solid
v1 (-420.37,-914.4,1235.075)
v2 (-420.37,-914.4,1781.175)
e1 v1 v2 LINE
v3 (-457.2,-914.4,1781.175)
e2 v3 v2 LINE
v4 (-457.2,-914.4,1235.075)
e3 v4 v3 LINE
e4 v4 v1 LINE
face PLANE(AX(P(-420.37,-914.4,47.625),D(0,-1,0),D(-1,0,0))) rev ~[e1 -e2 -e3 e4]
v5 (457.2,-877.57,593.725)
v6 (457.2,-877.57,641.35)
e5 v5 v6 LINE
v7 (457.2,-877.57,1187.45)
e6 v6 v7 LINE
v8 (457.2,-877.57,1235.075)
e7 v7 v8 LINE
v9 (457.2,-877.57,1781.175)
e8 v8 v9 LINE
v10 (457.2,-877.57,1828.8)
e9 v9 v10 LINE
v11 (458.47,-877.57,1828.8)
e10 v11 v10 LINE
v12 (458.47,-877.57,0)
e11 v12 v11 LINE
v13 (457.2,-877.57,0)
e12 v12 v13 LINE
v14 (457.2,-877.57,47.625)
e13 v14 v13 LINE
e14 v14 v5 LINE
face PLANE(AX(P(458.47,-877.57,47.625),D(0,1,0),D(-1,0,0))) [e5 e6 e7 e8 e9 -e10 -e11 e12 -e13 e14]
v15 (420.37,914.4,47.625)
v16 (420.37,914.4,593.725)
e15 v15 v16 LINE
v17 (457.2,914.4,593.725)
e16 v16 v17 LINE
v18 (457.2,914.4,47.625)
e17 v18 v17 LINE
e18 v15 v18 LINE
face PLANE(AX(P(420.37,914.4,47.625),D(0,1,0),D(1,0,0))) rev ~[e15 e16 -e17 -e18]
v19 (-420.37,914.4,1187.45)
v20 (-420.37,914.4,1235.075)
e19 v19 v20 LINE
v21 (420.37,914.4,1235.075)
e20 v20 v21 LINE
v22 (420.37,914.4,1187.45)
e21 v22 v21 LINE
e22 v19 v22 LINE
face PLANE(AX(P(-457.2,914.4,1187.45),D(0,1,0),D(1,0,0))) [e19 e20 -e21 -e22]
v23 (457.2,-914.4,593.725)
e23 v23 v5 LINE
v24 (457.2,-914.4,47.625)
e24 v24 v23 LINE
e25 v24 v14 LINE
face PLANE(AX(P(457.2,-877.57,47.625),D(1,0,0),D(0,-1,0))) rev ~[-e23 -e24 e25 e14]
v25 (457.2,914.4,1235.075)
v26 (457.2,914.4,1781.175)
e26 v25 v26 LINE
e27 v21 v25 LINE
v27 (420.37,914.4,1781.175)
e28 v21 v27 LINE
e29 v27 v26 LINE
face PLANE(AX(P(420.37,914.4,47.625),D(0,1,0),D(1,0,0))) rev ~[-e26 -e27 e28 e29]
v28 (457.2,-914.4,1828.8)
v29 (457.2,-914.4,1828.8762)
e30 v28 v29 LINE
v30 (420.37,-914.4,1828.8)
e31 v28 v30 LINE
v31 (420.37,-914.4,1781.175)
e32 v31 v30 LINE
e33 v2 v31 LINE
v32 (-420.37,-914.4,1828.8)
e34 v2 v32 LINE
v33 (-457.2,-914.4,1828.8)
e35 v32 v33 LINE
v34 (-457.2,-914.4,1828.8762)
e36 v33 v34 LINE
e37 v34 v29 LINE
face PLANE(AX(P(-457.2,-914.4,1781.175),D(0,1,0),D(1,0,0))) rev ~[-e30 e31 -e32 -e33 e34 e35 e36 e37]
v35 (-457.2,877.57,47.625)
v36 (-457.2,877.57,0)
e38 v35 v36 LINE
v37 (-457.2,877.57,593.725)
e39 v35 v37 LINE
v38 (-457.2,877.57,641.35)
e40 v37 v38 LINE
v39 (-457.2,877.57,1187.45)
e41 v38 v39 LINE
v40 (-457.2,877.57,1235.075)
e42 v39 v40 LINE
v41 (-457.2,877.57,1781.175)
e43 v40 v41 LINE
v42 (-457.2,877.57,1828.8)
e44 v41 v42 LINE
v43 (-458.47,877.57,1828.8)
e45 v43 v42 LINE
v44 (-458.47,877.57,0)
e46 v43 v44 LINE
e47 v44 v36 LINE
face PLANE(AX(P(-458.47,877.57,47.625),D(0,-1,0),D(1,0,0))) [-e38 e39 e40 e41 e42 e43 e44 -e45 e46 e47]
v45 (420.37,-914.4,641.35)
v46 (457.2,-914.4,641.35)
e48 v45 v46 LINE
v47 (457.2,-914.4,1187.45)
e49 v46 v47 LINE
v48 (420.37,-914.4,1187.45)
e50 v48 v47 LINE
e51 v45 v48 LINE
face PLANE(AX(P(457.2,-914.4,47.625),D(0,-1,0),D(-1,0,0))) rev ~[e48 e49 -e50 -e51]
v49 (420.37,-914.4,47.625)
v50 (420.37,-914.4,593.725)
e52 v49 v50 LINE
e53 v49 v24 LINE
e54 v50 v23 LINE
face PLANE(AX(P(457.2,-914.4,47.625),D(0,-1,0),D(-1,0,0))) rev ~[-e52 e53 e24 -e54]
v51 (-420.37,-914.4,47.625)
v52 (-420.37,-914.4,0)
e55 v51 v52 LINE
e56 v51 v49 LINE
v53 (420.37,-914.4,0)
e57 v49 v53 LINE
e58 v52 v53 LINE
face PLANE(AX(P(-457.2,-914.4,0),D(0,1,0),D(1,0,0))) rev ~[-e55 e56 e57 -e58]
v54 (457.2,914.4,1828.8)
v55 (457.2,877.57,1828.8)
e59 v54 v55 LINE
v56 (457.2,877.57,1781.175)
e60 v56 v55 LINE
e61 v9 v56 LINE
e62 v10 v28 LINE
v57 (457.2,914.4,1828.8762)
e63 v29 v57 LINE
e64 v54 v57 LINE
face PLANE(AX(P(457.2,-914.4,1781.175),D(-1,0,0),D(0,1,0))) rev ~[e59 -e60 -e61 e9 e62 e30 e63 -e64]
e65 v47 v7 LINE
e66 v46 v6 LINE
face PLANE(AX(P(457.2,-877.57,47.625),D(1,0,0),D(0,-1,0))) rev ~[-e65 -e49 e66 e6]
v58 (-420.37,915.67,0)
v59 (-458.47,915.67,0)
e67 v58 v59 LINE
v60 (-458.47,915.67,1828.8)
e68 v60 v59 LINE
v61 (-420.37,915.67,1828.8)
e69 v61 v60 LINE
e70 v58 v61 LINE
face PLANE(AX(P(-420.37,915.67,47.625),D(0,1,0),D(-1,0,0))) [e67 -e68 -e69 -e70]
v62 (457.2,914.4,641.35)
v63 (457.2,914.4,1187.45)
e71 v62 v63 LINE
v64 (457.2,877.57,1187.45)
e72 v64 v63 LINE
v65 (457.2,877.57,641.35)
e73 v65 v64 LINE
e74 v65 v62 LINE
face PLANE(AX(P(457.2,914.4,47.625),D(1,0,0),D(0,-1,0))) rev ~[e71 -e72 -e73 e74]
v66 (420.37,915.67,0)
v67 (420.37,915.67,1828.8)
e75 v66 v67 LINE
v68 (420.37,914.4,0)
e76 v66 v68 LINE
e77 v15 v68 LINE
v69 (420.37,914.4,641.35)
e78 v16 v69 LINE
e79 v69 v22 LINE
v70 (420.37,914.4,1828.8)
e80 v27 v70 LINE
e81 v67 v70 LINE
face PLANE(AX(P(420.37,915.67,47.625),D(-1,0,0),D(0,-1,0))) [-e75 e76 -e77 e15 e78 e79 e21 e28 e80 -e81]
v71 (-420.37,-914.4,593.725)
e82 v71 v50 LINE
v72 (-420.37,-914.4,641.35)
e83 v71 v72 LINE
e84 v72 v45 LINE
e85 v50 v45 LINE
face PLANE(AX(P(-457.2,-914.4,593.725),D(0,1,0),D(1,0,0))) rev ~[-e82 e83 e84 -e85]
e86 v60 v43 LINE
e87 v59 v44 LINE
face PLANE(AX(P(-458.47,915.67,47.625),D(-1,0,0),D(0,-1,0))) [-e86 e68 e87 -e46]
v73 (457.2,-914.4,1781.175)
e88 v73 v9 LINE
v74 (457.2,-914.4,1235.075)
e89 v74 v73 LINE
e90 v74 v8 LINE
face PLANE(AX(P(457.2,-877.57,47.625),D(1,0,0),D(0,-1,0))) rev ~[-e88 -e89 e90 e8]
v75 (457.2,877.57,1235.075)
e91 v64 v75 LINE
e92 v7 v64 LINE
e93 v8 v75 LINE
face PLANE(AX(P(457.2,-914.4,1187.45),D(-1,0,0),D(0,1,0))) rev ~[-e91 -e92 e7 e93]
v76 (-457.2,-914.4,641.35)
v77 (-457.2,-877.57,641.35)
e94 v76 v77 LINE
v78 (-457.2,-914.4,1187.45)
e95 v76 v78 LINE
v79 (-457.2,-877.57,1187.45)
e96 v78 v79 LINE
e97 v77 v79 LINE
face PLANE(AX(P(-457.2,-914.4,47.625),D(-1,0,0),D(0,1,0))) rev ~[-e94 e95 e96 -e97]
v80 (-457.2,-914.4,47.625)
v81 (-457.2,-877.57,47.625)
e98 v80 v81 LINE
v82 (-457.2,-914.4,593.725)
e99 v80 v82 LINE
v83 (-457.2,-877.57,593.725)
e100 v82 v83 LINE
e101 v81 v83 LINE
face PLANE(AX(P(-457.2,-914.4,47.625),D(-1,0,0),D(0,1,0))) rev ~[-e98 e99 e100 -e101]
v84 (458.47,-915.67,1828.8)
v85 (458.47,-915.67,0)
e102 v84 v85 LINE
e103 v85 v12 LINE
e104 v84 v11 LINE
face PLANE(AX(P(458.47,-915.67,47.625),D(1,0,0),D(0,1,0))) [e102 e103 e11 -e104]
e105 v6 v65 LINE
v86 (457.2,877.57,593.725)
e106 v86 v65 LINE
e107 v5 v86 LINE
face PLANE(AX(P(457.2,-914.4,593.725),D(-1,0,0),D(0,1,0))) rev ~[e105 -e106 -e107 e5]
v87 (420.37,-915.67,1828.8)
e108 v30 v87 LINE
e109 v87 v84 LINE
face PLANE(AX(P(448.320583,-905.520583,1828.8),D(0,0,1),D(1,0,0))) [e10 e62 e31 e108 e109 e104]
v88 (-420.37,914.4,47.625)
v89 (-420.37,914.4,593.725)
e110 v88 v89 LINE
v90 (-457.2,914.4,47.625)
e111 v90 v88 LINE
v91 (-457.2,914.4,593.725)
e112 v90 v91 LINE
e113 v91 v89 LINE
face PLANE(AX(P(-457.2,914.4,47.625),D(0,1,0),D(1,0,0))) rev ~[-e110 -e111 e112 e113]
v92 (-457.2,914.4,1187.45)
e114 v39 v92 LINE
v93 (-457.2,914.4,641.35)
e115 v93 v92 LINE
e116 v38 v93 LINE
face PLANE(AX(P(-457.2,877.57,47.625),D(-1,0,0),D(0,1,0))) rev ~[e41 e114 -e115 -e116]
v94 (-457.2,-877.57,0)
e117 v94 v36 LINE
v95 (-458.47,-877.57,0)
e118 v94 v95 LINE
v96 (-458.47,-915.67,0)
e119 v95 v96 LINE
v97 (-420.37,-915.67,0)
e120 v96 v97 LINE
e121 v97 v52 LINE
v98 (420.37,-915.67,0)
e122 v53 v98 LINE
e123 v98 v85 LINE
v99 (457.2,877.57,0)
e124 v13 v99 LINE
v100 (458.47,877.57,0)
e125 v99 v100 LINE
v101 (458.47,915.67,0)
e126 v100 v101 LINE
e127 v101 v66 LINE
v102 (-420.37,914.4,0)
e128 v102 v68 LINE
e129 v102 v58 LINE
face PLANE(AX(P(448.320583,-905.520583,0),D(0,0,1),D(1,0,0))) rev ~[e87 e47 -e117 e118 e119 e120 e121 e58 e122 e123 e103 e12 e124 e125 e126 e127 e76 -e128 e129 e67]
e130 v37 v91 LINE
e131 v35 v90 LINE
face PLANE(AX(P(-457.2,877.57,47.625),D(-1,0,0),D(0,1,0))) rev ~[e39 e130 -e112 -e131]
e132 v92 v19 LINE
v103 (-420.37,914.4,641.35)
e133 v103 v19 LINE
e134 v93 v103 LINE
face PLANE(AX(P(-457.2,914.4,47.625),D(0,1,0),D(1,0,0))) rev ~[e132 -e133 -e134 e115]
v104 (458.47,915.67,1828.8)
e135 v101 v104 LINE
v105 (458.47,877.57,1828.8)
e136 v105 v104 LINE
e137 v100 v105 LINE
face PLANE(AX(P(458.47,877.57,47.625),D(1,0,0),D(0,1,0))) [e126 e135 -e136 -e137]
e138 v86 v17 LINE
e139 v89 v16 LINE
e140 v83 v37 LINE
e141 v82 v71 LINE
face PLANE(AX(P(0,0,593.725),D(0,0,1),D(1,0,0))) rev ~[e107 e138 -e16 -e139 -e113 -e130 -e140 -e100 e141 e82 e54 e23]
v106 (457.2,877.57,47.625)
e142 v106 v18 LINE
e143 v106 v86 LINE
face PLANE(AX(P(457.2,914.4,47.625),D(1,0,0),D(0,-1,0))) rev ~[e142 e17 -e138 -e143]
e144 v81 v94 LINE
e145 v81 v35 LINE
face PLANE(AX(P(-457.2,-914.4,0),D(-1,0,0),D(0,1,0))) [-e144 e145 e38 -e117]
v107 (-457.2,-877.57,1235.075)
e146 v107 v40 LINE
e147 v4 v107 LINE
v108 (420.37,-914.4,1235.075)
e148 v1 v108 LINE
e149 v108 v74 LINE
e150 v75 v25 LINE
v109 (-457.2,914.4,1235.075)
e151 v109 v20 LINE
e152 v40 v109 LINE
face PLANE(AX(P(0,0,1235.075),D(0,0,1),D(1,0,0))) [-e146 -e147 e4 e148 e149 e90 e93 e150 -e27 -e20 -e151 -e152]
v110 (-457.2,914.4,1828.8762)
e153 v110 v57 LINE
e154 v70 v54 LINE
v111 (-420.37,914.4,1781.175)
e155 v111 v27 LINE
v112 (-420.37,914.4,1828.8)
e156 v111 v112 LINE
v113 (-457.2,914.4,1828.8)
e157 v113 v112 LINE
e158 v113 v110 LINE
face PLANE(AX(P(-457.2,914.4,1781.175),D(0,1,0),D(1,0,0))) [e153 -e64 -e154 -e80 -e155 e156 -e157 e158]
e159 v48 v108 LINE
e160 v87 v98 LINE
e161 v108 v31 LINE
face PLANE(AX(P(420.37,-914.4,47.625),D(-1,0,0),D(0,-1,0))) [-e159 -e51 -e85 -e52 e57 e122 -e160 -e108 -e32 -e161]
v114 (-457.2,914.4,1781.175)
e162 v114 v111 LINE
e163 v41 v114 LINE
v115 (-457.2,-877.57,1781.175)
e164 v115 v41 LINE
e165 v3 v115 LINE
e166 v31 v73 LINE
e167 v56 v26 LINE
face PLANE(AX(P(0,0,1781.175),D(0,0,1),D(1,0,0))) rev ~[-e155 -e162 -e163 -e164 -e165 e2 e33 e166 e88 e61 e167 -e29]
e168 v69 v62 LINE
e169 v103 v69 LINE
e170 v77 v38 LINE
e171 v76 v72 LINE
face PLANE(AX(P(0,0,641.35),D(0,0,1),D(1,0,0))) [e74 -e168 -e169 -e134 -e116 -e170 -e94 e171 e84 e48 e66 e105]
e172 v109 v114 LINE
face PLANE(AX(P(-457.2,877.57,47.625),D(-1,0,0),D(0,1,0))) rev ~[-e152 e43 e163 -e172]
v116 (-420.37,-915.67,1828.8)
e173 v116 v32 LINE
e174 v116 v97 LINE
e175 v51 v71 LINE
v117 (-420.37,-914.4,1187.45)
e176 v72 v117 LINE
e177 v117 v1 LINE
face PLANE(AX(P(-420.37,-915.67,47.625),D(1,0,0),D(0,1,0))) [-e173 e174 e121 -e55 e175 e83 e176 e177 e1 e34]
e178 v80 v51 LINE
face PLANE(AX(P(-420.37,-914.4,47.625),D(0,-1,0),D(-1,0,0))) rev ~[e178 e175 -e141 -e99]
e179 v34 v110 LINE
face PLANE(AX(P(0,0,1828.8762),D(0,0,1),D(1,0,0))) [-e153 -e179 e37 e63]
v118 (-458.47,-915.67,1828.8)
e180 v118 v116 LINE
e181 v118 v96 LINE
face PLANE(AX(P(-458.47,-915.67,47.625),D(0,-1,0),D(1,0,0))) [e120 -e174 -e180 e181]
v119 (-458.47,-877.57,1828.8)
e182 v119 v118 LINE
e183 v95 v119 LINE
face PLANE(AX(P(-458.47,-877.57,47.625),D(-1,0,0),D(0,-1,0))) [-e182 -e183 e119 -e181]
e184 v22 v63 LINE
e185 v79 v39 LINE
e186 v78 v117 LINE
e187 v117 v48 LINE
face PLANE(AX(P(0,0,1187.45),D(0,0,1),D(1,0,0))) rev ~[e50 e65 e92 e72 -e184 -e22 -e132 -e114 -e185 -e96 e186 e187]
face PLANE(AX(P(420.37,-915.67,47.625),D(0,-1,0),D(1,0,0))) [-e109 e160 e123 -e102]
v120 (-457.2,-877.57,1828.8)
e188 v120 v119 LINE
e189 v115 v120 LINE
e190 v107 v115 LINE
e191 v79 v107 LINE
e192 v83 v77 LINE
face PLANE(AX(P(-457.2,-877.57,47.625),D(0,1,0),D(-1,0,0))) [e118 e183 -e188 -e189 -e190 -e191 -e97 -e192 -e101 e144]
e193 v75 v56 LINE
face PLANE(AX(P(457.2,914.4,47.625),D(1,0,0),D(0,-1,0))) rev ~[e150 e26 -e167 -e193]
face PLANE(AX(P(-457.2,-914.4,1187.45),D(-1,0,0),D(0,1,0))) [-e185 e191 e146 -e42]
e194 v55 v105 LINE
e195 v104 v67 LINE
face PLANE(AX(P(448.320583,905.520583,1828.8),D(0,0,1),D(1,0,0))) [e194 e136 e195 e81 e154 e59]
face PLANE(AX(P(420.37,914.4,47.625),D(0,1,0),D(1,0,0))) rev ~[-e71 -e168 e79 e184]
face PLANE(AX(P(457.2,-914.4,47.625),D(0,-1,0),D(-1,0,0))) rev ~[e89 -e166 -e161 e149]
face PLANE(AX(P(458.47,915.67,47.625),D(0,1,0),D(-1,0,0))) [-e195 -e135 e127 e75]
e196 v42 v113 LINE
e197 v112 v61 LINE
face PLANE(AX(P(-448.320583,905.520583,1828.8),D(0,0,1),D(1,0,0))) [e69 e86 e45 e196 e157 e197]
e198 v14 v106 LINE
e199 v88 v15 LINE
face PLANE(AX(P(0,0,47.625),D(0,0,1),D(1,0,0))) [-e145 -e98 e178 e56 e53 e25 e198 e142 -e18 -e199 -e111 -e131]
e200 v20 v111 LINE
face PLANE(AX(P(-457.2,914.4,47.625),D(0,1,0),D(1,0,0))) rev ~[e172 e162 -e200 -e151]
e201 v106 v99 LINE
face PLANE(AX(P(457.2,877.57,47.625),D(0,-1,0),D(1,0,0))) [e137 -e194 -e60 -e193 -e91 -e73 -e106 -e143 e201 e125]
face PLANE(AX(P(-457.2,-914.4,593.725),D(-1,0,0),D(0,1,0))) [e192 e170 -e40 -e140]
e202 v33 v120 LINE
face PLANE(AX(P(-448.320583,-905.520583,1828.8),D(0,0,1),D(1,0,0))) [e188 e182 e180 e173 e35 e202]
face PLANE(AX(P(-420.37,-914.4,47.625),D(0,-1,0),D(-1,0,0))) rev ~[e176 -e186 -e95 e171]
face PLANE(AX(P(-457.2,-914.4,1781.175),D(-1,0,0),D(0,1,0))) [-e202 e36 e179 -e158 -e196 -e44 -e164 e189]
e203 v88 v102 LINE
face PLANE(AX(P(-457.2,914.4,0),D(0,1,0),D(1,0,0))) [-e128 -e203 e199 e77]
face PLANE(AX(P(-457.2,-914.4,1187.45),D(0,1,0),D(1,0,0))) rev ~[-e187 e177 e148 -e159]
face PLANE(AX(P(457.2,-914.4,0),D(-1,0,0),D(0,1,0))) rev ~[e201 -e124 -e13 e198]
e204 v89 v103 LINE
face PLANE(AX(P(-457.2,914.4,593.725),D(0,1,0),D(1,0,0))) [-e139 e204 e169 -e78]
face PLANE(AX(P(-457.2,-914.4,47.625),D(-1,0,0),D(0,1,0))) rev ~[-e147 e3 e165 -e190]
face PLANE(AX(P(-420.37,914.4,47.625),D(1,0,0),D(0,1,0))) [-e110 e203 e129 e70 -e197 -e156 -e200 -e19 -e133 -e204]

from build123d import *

# Parameters (mm, degrees)
F0_W          = 914.4
F0_H          = 1828.8
F1_DEPTH      = 47.625
F3_DEPTH      = 1781.175
F3_DEPTH_BACK = 47.625
F5_W          = 914.4
F5_H          = 1828.8
F6_DEPTH      = 47.625
F8_W          = 914.4
F8_H          = 1828.8
F9_DEPTH      = 47.625
F11_W         = 914.4
F11_H         = 1828.8
F12_DEPTH     = 47.7012


with BuildPart() as f1:
    # F0 (on Top) → F1 (new body)
    with BuildSketch(Plane.XY):
        Rectangle(F0_W, F0_H)
    extrude(amount=F1_DEPTH)

    # F2 (on face) → F3 (join, two sides)
    with BuildSketch(Plane.XY.offset(47.625)) as f3_sk:
        Polygon((458.47, -915.67), (458.47, -877.57), (457.2, -877.57), (457.2, -914.4), (420.37, -914.4), (420.37, -915.67), align=None)
        Polygon((-458.47, -915.67), (-420.37, -915.67), (-420.37, -914.4), (-457.2, -914.4), (-457.2, -877.57), (-458.47, -877.57), align=None)
        Polygon((-458.47, 915.67), (-458.47, 877.57), (-457.2, 877.57), (-457.2, 914.4), (-420.37, 914.4), (-420.37, 915.67), align=None)
        Polygon((458.47, 915.67), (420.37, 915.67), (420.37, 914.4), (457.2, 914.4), (457.2, 877.57), (458.47, 877.57), align=None)
    extrude(amount=F3_DEPTH)
    extrude(f3_sk.sketch, amount=-F3_DEPTH_BACK)

    # F5 (on offset) → F6 (join)
    with BuildSketch(Plane.XY.offset(593.725)):
        Rectangle(F5_W, F5_H)
    extrude(amount=F6_DEPTH)

    # F8 (on offset) → F9 (join)
    with BuildSketch(Plane.XY.offset(1187.45)):
        Rectangle(F8_W, F8_H)
    extrude(amount=F9_DEPTH)

    # F11 (on offset) → F12 (join)
    with BuildSketch(Plane.XY.offset(1781.175)):
        Rectangle(F11_W, F11_H)
    extrude(amount=F12_DEPTH)


solid = f1.part
